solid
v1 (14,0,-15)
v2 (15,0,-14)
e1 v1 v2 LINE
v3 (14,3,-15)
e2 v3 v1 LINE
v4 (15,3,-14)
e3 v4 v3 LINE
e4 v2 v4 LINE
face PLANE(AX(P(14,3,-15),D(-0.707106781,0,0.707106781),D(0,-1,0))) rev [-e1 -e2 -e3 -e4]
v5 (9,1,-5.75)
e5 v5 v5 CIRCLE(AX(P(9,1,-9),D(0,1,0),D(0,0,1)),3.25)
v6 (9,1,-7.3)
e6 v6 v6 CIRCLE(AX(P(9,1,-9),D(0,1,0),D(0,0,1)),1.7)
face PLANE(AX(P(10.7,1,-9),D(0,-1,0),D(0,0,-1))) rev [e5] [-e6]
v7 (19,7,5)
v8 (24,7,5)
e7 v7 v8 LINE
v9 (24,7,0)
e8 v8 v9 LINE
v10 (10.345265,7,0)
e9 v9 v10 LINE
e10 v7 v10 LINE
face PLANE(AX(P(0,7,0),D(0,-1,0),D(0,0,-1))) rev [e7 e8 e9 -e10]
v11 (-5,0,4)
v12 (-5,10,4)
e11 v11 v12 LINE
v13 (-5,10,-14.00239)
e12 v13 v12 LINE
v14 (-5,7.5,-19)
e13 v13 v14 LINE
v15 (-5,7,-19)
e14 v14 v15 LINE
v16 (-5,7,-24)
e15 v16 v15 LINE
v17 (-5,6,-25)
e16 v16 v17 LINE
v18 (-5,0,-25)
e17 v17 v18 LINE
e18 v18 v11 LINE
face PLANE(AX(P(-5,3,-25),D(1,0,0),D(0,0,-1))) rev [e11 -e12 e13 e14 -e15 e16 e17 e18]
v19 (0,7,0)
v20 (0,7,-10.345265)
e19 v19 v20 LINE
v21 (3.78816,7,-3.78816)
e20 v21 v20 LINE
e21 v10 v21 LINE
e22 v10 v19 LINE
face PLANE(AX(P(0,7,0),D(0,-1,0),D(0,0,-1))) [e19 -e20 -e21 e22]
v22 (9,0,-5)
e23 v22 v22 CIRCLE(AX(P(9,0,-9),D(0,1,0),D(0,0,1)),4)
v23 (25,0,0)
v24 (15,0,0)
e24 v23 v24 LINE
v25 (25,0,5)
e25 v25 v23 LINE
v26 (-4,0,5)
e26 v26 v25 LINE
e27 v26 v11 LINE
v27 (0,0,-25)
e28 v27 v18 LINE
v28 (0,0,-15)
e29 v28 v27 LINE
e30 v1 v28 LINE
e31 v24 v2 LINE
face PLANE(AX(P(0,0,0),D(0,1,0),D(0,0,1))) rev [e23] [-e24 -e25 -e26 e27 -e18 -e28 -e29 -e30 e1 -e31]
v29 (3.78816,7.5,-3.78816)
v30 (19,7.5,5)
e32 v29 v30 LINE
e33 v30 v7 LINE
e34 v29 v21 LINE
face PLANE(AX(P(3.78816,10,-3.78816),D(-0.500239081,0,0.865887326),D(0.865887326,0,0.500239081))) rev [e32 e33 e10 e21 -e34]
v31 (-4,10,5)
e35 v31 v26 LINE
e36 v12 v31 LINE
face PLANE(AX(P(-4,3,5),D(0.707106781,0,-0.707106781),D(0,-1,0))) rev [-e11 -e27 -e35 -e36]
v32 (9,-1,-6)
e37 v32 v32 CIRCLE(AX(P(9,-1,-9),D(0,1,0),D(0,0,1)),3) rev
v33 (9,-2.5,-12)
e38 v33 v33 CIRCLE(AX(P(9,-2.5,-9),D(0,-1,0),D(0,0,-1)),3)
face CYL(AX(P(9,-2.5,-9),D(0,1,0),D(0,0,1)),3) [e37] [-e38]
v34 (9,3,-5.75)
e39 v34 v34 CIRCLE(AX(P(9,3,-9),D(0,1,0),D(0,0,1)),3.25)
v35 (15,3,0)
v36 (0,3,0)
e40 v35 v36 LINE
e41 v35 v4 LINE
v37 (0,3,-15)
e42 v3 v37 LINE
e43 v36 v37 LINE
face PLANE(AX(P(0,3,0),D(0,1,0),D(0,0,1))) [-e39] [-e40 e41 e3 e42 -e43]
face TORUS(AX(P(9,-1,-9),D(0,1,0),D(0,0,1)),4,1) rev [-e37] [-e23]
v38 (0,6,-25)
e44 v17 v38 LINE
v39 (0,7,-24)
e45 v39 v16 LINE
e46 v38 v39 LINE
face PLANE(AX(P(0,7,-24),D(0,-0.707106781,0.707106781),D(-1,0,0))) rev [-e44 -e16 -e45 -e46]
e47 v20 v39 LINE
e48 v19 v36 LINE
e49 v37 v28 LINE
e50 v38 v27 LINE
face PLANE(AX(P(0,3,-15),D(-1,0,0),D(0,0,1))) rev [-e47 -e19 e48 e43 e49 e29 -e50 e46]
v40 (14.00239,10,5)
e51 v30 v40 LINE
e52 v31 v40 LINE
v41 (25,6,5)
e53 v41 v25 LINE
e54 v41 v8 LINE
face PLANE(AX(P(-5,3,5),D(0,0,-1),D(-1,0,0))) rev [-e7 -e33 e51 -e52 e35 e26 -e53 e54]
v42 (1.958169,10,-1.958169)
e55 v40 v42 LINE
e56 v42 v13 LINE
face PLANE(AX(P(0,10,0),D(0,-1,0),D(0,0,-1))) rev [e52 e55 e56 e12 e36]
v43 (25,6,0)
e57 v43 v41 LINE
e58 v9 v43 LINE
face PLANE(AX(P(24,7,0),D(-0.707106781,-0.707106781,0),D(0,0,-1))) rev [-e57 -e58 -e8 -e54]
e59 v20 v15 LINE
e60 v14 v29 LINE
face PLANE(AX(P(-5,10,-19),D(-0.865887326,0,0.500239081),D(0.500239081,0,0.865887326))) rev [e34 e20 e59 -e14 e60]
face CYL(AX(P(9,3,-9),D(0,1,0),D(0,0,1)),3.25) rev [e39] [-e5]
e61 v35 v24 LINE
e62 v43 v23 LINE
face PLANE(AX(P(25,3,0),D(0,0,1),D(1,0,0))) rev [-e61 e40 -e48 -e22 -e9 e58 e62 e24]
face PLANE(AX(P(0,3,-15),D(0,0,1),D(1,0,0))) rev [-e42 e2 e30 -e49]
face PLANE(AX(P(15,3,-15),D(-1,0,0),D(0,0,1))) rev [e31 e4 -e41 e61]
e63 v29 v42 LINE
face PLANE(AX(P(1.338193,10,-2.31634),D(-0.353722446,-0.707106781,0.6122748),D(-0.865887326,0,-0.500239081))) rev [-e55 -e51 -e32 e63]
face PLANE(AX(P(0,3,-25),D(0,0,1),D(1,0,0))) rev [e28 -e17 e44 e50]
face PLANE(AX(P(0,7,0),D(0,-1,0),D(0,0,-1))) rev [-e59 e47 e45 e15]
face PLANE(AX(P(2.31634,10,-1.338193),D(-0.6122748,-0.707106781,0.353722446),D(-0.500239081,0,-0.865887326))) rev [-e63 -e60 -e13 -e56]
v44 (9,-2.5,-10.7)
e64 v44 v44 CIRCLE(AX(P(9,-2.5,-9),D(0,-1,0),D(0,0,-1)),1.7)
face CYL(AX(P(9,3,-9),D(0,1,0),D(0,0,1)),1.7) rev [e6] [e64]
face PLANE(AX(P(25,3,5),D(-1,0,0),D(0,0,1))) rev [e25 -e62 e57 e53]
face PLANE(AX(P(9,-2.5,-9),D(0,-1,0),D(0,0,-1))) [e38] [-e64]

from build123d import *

# Parameters (mm, degrees)
BOSS_EXTRUDE1_DEPTH                                  = 3
BOSS_EXTRUDE2_DEPTH                                  = 4
REFRENTADO_PARA_TORNILLO_CON_CABEZA_PLAN_D           = 3.4
REFRENTADO_PARA_TORNILLO_CON_CABEZA_PLAN_DEPTH       = 40
REFRENTADO_PARA_TORNILLO_CON_CABEZA_PLAN_CBORE_D     = 6.5
REFRENTADO_PARA_TORNILLO_CON_CABEZA_PLAN_CBORE_DEPTH = 2
REFRENTADO_PARA_TORNILLO_CON_CABEZA_PLAN_TIP         = 1.021463052
BOSS_EXTRUDE3_START                                  = 2.5
SKETCH5_R                                            = 3
SKETCH5_R_2                                          = 1.7
BOSS_EXTRUDE3_DEPTH                                  = 2.5
BOSS_EXTRUDE4_DEPTH                                  = 3
CHAMFER1_SIZE                                        = 2.5
CHAMFER2_SIZE                                        = 1
FILLET2_R                                            = 1


with BuildPart() as part:
    # Sketch1 → Boss-Extrude1 (new body)
    with BuildSketch(Plane(origin=(0, 0, 0), x_dir=(1, 0, 0), z_dir=(0, 1, 0))):
        Polygon((0, 15), (0, 25), (-5, 25), (-5, -5), (25, -5), (25, 0), (15, 0), (15, 15), align=None)
    extrude(amount=BOSS_EXTRUDE1_DEPTH)

    # Sketch2 → Boss-Extrude2 (add)
    with BuildSketch(Plane(origin=(0, 3, 0), x_dir=(1, 0, 0), z_dir=(0, 1, 0))):
        Polygon((-5, 25), (0, 25), (0, 0), (25, 0), (25, -5), (-5, -5), align=None)
    extrude(amount=BOSS_EXTRUDE2_DEPTH)

    # Refrentado para tornillo con cabeza plana de M31
    with Locations(Plane(origin=(0, 3, 0), x_dir=(1, 0, 0), z_dir=(0, 1, 0))):
        with Locations((9, 9)):
            CounterBoreHole(REFRENTADO_PARA_TORNILLO_CON_CABEZA_PLAN_D / 2, REFRENTADO_PARA_TORNILLO_CON_CABEZA_PLAN_CBORE_D / 2, REFRENTADO_PARA_TORNILLO_CON_CABEZA_PLAN_CBORE_DEPTH, depth=REFRENTADO_PARA_TORNILLO_CON_CABEZA_PLAN_DEPTH)
            with Locations((0, 0, -(REFRENTADO_PARA_TORNILLO_CON_CABEZA_PLAN_DEPTH + REFRENTADO_PARA_TORNILLO_CON_CABEZA_PLAN_TIP / 2))):  # 118° drill point
                Cone(0, REFRENTADO_PARA_TORNILLO_CON_CABEZA_PLAN_D / 2, REFRENTADO_PARA_TORNILLO_CON_CABEZA_PLAN_TIP, mode=Mode.SUBTRACT)

    # Sketch5 → Boss-Extrude3 (add)
    with BuildSketch(Plane.XZ.offset(BOSS_EXTRUDE3_START)):
        with Locations(Location((9, -9, 0), (0, 0, 90))):
            Circle(SKETCH5_R)
        with Locations(Location((9, -9, 0), (0, 0, 90))):
            Circle(SKETCH5_R_2, mode=Mode.SUBTRACT)
    extrude(amount=-BOSS_EXTRUDE3_DEPTH)

    # Sketch6 → Boss-Extrude4 (add)
    with BuildSketch(Plane(origin=(0, 7, 0), x_dir=(1, 0, 0), z_dir=(0, 1, 0))):
        Polygon((-5, -5), (-5, 19), (3.788160363, 3.788160363), (19, -5), align=None)
    extrude(amount=BOSS_EXTRUDE4_DEPTH)

    # Chamfer1
    chamfer1_edges = [part.edges().sort_by_distance(p)[0] for p in [
        (11.394080181, 10, 0.605919819),
        (-0.605919819, 10, -11.394080181),
    ]]
    chamfer(chamfer1_edges, length=CHAMFER1_SIZE)

    # Chamfer2
    chamfer2_edges = [part.edges().sort_by_distance(p)[0] for p in [
        (15, 1.5, -15),
        (-5, 5, 5),
        (25, 7, 2.5),
        (-2.5, 7, -25),
    ]]
    chamfer(chamfer2_edges, length=CHAMFER2_SIZE)

    # Fillet2
    fillet2_edges = [part.edges().sort_by_distance(p)[0] for p in [
        (9, 0, -12),
    ]]
    fillet(fillet2_edges, radius=FILLET2_R)


solid = part.part
